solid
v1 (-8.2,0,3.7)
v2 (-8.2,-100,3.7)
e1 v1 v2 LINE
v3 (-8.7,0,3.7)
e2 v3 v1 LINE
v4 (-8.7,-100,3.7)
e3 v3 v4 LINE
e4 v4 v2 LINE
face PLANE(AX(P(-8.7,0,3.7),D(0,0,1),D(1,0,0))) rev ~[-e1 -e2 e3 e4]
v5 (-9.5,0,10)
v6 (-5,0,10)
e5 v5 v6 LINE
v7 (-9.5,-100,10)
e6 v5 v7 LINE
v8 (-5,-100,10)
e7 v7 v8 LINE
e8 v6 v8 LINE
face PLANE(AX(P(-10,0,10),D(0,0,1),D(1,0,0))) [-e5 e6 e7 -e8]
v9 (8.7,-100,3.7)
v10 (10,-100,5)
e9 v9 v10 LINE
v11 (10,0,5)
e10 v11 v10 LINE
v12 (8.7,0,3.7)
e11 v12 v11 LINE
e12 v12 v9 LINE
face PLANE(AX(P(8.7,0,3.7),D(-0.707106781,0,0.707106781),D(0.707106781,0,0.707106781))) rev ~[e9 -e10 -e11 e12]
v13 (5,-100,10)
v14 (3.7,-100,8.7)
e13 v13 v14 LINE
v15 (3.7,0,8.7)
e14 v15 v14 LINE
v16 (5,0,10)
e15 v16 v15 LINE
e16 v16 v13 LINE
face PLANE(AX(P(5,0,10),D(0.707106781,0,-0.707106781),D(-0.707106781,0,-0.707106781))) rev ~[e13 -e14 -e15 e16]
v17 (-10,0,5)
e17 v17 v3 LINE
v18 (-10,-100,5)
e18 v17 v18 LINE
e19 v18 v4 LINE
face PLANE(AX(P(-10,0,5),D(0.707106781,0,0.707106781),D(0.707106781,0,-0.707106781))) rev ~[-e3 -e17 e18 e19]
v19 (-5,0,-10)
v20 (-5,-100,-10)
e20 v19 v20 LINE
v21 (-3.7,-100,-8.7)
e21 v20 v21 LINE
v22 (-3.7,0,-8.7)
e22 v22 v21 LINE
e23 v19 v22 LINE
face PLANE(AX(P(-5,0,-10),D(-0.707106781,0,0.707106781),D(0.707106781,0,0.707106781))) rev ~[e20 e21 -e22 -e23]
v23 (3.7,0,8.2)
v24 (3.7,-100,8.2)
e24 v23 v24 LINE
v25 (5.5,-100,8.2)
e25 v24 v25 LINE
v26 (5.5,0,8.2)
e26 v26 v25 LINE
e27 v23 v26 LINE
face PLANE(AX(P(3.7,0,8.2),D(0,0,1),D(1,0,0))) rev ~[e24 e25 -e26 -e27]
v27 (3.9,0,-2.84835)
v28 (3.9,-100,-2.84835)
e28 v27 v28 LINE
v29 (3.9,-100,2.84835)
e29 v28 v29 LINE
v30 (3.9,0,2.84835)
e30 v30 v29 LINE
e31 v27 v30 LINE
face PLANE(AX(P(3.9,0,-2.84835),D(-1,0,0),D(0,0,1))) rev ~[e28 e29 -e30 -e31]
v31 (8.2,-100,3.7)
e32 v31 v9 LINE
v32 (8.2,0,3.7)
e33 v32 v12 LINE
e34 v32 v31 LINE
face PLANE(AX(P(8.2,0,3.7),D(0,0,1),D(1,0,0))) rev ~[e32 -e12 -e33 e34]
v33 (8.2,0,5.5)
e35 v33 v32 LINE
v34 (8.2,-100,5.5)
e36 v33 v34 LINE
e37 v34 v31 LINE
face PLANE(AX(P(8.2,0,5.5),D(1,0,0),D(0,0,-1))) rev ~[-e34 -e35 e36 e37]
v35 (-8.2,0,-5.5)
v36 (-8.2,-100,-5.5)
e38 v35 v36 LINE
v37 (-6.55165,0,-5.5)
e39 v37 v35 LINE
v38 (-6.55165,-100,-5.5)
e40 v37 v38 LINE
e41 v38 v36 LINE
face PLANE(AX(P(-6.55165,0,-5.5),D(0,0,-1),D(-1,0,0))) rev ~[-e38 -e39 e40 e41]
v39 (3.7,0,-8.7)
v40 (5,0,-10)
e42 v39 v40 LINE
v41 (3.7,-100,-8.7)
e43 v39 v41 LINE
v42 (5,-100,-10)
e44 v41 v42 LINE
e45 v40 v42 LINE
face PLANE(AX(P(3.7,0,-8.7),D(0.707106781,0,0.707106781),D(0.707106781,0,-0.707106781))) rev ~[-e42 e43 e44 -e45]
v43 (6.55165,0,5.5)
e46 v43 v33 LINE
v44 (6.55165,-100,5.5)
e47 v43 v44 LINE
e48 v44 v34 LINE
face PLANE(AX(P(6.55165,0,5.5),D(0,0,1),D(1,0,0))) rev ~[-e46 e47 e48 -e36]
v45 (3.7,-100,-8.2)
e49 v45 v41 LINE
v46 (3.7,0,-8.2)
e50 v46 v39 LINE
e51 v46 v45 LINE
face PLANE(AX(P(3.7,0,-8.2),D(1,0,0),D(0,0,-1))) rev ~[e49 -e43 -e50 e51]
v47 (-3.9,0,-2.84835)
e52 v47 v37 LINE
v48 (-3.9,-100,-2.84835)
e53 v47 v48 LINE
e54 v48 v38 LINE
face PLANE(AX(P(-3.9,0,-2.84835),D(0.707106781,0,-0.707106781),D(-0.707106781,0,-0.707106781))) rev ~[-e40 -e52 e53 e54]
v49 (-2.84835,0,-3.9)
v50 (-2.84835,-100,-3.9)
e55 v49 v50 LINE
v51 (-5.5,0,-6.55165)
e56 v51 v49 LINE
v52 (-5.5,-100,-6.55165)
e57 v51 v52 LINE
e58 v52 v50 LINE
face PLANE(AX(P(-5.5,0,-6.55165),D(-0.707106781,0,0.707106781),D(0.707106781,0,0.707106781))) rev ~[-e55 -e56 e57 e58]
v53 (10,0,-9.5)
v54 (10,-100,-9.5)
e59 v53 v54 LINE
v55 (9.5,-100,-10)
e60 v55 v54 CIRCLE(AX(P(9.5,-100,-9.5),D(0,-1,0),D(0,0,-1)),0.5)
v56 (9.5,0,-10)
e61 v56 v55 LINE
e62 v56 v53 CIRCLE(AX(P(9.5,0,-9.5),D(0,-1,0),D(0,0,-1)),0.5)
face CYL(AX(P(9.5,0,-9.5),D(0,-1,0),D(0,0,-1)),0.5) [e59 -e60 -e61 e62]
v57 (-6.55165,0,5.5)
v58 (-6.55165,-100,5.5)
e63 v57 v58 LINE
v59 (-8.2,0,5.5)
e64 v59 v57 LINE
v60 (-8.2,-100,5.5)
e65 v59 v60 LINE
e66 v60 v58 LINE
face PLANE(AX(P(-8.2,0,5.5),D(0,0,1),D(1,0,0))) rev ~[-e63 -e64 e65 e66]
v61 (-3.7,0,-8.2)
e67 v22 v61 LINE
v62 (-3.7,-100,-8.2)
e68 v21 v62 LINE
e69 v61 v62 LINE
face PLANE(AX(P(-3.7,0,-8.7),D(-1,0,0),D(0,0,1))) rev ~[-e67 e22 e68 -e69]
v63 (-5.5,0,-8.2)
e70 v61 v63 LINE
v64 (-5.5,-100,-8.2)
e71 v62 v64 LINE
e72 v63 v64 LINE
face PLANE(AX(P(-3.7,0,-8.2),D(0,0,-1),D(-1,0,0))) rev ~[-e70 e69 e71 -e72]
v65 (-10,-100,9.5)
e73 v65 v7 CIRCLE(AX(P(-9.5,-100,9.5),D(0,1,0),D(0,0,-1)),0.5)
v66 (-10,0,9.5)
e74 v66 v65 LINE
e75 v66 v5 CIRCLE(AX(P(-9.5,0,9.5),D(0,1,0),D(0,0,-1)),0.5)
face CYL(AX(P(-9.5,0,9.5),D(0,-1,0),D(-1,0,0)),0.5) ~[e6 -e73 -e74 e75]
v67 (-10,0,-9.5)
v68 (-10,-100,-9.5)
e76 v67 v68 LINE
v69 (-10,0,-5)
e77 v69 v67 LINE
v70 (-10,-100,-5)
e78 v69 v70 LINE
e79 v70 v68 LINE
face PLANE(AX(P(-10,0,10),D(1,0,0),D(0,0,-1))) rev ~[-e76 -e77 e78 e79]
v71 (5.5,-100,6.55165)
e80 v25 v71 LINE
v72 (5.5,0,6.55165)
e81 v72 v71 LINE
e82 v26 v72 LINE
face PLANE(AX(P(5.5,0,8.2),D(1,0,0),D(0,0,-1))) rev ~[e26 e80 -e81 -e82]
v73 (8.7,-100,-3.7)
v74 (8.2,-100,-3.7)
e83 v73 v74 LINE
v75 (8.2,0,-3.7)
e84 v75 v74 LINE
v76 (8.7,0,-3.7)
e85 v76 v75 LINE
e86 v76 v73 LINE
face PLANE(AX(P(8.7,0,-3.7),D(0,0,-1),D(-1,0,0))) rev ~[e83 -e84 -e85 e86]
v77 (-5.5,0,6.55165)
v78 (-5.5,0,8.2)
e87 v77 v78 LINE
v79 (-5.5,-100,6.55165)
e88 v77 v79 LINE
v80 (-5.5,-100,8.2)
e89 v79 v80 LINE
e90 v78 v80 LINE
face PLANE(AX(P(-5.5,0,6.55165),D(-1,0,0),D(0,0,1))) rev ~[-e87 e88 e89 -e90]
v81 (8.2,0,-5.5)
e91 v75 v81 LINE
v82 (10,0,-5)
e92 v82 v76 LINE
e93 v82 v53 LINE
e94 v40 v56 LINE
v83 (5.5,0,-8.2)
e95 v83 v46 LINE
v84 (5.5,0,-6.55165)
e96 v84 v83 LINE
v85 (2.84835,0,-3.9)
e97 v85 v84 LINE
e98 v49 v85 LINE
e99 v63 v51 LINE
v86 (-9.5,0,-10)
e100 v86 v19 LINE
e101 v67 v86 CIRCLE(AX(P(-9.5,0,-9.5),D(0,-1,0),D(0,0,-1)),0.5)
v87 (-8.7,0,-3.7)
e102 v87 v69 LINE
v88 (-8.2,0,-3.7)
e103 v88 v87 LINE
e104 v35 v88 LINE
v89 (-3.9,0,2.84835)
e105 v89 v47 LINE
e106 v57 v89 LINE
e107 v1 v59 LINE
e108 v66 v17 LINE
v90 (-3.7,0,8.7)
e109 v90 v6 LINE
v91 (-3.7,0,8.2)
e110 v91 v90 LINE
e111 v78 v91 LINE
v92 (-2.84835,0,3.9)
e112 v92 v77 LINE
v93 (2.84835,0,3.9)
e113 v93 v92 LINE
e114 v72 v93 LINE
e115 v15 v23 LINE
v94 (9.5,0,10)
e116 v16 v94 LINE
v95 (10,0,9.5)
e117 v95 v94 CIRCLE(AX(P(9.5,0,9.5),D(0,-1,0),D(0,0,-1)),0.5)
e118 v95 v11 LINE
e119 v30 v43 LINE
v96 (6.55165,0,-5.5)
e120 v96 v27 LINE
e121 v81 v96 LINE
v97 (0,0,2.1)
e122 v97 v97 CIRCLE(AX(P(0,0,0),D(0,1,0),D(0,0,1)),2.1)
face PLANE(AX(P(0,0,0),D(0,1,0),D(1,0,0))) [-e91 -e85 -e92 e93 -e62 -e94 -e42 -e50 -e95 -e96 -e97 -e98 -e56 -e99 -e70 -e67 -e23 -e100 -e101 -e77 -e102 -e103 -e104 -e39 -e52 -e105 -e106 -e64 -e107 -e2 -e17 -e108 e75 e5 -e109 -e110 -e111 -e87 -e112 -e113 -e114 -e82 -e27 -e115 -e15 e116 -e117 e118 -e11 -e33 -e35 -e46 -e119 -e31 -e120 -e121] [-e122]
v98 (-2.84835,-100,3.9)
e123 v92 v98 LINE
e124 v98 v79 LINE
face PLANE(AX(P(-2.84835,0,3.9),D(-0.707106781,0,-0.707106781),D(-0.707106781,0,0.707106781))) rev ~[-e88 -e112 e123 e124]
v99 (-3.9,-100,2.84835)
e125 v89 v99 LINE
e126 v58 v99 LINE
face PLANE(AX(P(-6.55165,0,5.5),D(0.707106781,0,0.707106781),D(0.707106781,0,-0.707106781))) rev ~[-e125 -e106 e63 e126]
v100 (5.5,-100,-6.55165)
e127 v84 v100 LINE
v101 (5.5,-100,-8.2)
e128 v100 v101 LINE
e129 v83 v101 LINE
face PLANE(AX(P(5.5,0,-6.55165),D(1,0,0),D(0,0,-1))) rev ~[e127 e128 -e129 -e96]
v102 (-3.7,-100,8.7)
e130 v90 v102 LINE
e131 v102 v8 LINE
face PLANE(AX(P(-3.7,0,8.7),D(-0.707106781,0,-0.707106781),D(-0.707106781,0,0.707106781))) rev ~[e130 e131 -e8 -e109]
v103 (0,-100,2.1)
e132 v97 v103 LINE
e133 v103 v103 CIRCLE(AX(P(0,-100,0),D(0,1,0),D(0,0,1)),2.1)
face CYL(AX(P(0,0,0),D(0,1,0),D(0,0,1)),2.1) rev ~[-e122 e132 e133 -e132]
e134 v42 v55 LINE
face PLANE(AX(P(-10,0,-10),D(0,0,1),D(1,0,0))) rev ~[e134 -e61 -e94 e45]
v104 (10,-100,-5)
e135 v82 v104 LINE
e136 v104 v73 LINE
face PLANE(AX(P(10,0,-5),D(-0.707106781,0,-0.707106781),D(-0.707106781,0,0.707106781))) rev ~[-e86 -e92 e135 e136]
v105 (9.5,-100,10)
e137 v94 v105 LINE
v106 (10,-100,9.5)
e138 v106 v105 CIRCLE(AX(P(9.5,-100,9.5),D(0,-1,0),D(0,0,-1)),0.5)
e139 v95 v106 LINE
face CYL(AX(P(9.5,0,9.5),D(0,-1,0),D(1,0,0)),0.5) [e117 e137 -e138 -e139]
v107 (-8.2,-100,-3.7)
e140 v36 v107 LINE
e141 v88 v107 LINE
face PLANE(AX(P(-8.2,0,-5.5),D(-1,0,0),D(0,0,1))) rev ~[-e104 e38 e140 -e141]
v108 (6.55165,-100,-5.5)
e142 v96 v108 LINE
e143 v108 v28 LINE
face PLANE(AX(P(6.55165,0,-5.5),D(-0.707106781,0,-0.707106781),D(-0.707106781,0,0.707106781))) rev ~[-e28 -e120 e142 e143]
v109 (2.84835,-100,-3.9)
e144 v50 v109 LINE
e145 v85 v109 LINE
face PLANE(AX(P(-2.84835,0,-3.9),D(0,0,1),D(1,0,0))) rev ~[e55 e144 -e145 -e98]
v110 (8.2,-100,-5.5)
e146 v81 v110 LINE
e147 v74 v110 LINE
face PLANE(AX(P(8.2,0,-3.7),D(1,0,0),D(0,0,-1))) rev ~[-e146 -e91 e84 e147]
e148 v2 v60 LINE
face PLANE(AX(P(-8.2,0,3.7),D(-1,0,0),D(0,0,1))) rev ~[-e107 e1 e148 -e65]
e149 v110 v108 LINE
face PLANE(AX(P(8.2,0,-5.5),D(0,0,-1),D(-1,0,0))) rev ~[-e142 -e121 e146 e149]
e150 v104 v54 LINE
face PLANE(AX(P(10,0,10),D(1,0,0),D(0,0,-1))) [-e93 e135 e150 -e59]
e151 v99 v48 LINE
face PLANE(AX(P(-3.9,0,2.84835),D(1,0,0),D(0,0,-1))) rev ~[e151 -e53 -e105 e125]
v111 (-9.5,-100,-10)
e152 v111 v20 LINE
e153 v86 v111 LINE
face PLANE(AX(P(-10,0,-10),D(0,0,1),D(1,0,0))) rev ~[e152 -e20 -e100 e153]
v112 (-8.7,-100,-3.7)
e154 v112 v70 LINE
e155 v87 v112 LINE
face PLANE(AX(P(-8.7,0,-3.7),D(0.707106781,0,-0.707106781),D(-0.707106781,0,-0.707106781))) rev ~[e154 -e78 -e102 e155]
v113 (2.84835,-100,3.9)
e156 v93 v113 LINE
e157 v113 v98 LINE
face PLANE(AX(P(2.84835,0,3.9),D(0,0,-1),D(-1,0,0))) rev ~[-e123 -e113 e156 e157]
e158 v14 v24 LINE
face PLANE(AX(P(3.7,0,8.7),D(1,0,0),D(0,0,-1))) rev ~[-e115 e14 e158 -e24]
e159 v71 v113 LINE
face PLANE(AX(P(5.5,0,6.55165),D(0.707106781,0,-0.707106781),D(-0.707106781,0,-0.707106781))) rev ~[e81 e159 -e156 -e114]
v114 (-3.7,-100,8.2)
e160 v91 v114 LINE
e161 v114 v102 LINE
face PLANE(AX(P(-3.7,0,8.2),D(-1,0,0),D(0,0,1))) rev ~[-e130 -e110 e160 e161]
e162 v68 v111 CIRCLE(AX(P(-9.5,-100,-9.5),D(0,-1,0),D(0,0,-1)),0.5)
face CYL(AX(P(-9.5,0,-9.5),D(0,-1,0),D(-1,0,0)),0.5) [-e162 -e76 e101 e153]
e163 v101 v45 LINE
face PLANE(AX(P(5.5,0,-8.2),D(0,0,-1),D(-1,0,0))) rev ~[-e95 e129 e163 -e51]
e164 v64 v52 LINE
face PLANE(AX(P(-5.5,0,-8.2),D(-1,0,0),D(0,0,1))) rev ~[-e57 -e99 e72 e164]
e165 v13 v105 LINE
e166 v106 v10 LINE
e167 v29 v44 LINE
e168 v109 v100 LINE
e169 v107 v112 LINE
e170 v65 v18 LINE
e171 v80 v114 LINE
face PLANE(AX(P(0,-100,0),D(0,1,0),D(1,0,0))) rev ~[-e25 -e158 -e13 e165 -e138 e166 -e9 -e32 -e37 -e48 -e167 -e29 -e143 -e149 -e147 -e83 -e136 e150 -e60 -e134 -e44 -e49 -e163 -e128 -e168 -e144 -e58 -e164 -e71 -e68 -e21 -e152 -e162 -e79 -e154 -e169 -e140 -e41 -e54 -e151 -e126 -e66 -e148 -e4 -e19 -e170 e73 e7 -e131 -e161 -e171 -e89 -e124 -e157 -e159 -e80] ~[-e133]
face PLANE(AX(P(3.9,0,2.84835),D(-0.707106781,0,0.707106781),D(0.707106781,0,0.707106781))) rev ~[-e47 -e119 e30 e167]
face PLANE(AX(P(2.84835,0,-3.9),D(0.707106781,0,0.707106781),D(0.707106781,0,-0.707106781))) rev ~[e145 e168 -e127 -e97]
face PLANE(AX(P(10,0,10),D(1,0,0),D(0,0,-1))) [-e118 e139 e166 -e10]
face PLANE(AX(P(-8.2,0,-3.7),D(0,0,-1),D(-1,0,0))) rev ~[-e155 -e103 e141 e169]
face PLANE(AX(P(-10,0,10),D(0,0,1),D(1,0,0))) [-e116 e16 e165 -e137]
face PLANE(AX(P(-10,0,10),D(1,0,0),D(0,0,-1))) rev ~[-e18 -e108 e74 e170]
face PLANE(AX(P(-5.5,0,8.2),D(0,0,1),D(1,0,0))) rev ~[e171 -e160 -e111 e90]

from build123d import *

# Parameters (mm, degrees)
SKETCH2_W           = 20
SKETCH2_H           = 20
SKETCH2_R           = 2.1
BOSS_EXTRUDE1_DEPTH = 100
CUT_EXTRUDE1_DEPTH  = 101.995049384
FILLET1_R           = 0.5


with BuildPart() as part:
    # Sketch2 → Boss-Extrude1 (new body)
    with BuildSketch(Plane(origin=(0, 0, 0), x_dir=(1, 0, 0), z_dir=(0, 1, 0))):
        Rectangle(SKETCH2_W, SKETCH2_H)
        with Locations(Location((0, 0, 0), (0, 0, 270))):
            Circle(SKETCH2_R, mode=Mode.SUBTRACT)
    extrude(amount=-BOSS_EXTRUDE1_DEPTH)

    # Sketch3 → Cut-Extrude1 (cut, through all)
    with BuildSketch(Plane(origin=(0, 0, 0), x_dir=(1, 0, 0), z_dir=(0, 1, 0))):
        Polygon((5.5, -6.551650429), (2.848349571, -3.9), (-2.848349571, -3.9), (-5.5, -6.551650429), (-5.5, -8.2), (-3.7, -8.2), (-3.7, -8.7), (-5, -10), (5, -10), (3.7, -8.7), (3.7, -8.2), (5.5, -8.2), align=None)
        Polygon((3.9, 2.848349571), (3.9, -2.848349571), (6.551650429, -5.5), (8.2, -5.5), (8.2, -3.7), (8.7, -3.7), (10, -5), (10, 5), (8.7, 3.7), (8.2, 3.7), (8.2, 5.5), (6.551650429, 5.5), align=None)
        Polygon((-6.551650429, -5.5), (-3.9, -2.848349571), (-3.9, 2.848349571), (-6.551650429, 5.5), (-8.2, 5.5), (-8.2, 3.7), (-8.7, 3.7), (-10, 5), (-10, -5), (-8.7, -3.7), (-8.2, -3.7), (-8.2, -5.5), align=None)
        Polygon((-2.848349571, 3.9), (2.848349571, 3.9), (5.5, 6.551650429), (5.5, 8.2), (3.7, 8.2), (3.7, 8.7), (5, 10), (-5, 10), (-3.7, 8.7), (-3.7, 8.2), (-5.5, 8.2), (-5.5, 6.551650429), align=None)
    extrude(amount=-CUT_EXTRUDE1_DEPTH, mode=Mode.SUBTRACT)

    # Fillet1
    fillet1_edges = [part.edges().sort_by_distance(p)[0] for p in [
        (-10, -50, -10),
        (10, -50, -10),
        (10, -50, 10),
        (-10, -50, 10),
    ]]
    fillet(fillet1_edges, radius=FILLET1_R)


solid = part.part
